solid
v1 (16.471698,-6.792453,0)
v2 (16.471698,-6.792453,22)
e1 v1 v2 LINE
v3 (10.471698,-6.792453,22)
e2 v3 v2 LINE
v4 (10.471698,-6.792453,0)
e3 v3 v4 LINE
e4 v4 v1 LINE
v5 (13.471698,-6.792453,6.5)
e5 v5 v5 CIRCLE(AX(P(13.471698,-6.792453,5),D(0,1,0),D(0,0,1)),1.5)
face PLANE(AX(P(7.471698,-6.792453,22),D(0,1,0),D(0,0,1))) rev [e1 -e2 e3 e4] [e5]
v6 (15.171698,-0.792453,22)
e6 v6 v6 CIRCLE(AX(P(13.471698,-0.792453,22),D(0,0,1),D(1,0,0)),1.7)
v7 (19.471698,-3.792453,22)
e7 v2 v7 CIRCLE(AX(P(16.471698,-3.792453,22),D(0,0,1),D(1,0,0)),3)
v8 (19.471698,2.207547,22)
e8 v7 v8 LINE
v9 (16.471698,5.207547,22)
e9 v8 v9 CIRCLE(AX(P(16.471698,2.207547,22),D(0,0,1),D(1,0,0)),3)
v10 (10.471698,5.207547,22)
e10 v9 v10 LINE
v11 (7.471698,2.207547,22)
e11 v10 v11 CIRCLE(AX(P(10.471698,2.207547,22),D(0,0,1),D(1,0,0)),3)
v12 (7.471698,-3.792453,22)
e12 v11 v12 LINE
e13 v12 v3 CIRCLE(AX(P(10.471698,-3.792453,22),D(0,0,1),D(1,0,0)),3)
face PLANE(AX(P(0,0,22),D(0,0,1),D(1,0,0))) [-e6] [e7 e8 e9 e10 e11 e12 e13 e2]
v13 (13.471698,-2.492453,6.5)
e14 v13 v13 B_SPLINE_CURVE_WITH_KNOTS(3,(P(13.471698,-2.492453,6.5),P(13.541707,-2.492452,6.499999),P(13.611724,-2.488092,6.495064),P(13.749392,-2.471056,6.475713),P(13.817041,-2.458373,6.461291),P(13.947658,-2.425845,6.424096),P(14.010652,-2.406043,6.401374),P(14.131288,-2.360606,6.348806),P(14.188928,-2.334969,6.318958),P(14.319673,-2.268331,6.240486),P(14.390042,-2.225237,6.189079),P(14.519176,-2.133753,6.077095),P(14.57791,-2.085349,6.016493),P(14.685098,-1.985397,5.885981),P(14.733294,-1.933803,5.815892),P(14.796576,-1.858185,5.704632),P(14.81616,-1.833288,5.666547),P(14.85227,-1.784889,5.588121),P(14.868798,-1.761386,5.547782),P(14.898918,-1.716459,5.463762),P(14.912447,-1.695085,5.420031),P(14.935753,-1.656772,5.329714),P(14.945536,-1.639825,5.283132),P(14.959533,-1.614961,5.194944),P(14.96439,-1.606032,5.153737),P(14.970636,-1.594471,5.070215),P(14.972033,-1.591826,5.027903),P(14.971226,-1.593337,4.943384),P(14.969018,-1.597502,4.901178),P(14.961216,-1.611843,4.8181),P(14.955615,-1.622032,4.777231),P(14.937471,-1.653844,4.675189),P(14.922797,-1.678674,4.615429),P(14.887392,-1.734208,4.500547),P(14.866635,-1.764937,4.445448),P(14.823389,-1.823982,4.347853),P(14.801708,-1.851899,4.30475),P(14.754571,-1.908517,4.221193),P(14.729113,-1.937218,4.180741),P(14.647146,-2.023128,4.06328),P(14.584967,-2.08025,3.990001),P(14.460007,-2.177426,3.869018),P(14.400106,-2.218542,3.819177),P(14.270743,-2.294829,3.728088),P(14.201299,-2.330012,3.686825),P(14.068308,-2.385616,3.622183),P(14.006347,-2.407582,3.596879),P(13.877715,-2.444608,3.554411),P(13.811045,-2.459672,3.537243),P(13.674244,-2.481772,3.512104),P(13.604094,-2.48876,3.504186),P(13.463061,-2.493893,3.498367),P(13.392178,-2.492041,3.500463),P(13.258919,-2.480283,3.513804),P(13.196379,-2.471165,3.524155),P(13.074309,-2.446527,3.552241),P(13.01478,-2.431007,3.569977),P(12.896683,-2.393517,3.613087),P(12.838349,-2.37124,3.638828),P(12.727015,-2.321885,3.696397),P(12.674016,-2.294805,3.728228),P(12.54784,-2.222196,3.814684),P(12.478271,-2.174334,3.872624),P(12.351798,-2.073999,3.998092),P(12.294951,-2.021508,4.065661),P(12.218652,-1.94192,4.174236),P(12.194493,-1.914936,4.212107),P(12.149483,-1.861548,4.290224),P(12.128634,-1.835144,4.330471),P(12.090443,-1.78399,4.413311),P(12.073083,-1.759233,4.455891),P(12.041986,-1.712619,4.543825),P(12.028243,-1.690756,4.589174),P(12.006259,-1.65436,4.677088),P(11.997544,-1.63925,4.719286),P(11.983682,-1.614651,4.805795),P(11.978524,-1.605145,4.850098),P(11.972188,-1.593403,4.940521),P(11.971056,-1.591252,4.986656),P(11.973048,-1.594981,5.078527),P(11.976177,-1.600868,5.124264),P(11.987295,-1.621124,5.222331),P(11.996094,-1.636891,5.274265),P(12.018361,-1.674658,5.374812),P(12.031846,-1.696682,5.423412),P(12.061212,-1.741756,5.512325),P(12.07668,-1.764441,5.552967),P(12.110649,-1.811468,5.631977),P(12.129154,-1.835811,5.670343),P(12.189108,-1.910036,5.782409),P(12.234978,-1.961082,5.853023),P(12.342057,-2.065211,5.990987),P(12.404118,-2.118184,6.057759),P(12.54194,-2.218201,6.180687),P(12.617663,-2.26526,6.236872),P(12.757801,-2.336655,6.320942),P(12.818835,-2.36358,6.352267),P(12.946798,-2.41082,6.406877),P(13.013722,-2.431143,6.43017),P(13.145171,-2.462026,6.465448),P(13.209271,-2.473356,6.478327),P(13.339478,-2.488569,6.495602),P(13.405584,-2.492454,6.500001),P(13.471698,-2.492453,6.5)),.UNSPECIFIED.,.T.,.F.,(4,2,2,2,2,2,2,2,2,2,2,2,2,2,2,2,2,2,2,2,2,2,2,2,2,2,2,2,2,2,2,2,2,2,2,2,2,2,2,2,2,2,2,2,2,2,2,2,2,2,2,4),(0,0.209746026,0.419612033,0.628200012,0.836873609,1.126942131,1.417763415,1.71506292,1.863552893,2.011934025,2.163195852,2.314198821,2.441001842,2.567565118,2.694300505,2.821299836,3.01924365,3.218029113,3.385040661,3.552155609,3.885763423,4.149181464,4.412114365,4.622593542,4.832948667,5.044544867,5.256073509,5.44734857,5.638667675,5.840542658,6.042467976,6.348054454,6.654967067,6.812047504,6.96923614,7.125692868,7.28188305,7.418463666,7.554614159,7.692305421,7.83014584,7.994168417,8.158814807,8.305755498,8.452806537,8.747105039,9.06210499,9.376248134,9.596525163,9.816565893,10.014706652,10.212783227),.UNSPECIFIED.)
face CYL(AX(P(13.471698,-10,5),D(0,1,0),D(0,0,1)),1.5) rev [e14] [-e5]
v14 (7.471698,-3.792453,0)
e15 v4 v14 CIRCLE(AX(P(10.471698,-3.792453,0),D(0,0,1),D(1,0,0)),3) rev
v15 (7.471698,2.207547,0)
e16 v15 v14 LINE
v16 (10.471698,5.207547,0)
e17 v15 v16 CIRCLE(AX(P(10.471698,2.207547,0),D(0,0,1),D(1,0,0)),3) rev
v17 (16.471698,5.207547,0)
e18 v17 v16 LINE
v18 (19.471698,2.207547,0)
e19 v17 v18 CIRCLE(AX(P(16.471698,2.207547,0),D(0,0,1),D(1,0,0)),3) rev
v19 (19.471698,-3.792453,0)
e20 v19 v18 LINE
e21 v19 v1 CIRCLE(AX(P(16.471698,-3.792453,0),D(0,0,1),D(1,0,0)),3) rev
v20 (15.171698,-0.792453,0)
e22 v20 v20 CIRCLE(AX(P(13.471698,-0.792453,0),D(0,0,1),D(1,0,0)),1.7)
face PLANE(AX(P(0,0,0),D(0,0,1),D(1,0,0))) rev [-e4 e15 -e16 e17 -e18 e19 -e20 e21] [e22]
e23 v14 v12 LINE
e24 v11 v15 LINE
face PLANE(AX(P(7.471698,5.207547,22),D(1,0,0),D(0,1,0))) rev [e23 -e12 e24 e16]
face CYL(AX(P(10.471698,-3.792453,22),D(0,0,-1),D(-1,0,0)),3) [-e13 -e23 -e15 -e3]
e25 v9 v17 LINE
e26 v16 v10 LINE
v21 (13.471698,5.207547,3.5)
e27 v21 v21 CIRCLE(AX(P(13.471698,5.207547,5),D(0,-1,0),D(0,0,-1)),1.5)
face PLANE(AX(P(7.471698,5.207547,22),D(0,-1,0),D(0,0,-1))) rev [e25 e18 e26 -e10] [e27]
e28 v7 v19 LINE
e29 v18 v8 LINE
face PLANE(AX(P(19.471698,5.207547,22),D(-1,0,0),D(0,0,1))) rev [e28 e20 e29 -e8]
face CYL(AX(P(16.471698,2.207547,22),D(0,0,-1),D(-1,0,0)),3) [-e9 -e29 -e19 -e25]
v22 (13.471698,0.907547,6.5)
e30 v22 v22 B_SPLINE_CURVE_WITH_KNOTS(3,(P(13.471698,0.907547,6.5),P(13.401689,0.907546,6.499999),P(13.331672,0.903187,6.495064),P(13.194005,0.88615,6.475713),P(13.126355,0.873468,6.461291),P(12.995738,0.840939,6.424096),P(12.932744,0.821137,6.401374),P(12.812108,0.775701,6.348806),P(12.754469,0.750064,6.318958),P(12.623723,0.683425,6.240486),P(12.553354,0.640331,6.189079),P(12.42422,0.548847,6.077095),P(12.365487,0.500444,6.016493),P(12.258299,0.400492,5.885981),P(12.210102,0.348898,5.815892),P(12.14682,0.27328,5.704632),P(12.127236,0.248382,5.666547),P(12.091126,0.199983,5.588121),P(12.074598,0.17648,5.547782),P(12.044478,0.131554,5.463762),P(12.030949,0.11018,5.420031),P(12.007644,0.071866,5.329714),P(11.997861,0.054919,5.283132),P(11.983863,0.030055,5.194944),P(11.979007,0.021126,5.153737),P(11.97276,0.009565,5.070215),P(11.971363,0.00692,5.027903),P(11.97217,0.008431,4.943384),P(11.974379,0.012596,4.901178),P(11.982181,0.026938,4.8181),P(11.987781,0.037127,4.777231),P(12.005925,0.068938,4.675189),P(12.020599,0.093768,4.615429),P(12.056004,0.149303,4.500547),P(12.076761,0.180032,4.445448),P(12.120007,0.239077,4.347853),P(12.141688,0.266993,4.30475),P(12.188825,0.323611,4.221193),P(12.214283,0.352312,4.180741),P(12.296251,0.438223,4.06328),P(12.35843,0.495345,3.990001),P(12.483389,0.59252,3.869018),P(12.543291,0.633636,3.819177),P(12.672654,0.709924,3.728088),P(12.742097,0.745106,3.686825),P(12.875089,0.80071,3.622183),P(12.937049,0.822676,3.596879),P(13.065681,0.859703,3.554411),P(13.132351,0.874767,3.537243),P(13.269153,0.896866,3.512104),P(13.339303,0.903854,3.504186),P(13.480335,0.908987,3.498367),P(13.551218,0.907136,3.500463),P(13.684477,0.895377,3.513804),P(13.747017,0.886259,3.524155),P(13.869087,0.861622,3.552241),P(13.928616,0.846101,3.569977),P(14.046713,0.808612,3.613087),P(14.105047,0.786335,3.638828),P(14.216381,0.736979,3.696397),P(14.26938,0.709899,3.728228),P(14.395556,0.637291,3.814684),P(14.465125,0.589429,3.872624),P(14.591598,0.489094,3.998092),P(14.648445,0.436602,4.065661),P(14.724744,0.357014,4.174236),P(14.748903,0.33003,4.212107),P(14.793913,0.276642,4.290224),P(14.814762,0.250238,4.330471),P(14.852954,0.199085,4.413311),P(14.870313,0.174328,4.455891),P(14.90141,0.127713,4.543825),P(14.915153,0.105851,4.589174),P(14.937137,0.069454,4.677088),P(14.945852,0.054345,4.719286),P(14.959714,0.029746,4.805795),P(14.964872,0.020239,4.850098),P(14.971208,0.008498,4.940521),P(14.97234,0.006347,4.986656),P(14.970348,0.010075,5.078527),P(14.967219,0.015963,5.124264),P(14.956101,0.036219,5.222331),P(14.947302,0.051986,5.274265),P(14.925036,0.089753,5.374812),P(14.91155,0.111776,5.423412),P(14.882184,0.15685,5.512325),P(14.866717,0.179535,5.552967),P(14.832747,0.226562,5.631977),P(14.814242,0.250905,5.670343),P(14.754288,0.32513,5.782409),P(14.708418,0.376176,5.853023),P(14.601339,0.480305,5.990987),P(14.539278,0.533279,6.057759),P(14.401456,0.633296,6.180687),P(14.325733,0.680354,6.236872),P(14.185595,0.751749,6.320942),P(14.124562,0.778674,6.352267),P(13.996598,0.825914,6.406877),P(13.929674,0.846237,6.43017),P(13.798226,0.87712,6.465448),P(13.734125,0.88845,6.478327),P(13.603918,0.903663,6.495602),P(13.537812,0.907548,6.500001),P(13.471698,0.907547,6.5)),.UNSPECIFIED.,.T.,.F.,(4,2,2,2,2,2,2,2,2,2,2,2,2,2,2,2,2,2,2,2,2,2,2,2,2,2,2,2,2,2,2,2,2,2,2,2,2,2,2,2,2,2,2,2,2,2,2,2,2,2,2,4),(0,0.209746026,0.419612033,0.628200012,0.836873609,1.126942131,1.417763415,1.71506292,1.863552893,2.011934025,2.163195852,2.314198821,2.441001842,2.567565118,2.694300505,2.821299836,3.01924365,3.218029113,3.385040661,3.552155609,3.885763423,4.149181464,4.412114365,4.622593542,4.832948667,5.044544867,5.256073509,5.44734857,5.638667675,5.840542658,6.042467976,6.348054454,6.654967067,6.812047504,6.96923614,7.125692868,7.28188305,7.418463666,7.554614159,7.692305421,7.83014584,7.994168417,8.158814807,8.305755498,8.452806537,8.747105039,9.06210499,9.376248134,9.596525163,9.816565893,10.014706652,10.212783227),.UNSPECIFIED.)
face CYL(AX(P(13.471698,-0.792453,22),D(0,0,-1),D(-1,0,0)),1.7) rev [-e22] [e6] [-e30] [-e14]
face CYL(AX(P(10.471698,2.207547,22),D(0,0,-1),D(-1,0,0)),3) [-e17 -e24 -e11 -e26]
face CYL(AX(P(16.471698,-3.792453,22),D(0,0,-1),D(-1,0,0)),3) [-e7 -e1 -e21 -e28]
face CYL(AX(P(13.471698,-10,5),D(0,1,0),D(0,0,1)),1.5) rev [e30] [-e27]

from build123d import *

# Parameters (mm, degrees)
ESBO_O1_W                  = 12
ESBO_O1_H                  = 12
ESBO_O1_R                  = 1.7
RESSALTO_EXTRUS_O1_DEPTH   = 22
ESBO_O2_R                  = 1.5
CORTE_EXTRUS_O1_DEPTH      = 7
CORTE_EXTRUS_O1_DEPTH_BACK = 10
FILETE2_R                  = 3
FILETE3_R                  = 3
FILETE4_R                  = 3
FILETE5_R                  = 3


with BuildPart() as part:
    # Esboço1 → Ressalto-extrusão1 (new body)
    with BuildSketch(Plane.XY):
        with Locations((13.471698113, -0.79245283)):
            Rectangle(ESBO_O1_W, ESBO_O1_H)
        with Locations((13.471698113, -0.79245283)):
            Circle(ESBO_O1_R, mode=Mode.SUBTRACT)
    extrude(amount=RESSALTO_EXTRUS_O1_DEPTH)

    # Esboço2 → Corte-extrusão1 (cut, two sides)
    with BuildSketch(Plane(origin=(0, 0, 0), x_dir=(1, 0, 0), z_dir=(0, 1, 0))) as corte_extrus_o1_sk:
        with Locations((13.471698113, -5)):
            Circle(ESBO_O2_R)
    extrude(amount=CORTE_EXTRUS_O1_DEPTH, mode=Mode.SUBTRACT)
    extrude(corte_extrus_o1_sk.sketch, amount=-CORTE_EXTRUS_O1_DEPTH_BACK, mode=Mode.SUBTRACT)

    # Filete2
    filete2_edges = [part.edges().sort_by_distance(p)[0] for p in [
        (7.471698113, 5.20754717, 11),
    ]]
    fillet(filete2_edges, radius=FILETE2_R)

    # Filete3
    filete3_edges = [part.edges().sort_by_distance(p)[0] for p in [
        (7.471698113, -6.79245283, 11),
    ]]
    fillet(filete3_edges, radius=FILETE3_R)

    # Filete4
    filete4_edges = [part.edges().sort_by_distance(p)[0] for p in [
        (19.471698113, -6.79245283, 11),
    ]]
    fillet(filete4_edges, radius=FILETE4_R)

    # Filete5
    filete5_edges = [part.edges().sort_by_distance(p)[0] for p in [
        (19.471698113, 5.20754717, 11),
    ]]
    fillet(filete5_edges, radius=FILETE5_R)


solid = part.part
